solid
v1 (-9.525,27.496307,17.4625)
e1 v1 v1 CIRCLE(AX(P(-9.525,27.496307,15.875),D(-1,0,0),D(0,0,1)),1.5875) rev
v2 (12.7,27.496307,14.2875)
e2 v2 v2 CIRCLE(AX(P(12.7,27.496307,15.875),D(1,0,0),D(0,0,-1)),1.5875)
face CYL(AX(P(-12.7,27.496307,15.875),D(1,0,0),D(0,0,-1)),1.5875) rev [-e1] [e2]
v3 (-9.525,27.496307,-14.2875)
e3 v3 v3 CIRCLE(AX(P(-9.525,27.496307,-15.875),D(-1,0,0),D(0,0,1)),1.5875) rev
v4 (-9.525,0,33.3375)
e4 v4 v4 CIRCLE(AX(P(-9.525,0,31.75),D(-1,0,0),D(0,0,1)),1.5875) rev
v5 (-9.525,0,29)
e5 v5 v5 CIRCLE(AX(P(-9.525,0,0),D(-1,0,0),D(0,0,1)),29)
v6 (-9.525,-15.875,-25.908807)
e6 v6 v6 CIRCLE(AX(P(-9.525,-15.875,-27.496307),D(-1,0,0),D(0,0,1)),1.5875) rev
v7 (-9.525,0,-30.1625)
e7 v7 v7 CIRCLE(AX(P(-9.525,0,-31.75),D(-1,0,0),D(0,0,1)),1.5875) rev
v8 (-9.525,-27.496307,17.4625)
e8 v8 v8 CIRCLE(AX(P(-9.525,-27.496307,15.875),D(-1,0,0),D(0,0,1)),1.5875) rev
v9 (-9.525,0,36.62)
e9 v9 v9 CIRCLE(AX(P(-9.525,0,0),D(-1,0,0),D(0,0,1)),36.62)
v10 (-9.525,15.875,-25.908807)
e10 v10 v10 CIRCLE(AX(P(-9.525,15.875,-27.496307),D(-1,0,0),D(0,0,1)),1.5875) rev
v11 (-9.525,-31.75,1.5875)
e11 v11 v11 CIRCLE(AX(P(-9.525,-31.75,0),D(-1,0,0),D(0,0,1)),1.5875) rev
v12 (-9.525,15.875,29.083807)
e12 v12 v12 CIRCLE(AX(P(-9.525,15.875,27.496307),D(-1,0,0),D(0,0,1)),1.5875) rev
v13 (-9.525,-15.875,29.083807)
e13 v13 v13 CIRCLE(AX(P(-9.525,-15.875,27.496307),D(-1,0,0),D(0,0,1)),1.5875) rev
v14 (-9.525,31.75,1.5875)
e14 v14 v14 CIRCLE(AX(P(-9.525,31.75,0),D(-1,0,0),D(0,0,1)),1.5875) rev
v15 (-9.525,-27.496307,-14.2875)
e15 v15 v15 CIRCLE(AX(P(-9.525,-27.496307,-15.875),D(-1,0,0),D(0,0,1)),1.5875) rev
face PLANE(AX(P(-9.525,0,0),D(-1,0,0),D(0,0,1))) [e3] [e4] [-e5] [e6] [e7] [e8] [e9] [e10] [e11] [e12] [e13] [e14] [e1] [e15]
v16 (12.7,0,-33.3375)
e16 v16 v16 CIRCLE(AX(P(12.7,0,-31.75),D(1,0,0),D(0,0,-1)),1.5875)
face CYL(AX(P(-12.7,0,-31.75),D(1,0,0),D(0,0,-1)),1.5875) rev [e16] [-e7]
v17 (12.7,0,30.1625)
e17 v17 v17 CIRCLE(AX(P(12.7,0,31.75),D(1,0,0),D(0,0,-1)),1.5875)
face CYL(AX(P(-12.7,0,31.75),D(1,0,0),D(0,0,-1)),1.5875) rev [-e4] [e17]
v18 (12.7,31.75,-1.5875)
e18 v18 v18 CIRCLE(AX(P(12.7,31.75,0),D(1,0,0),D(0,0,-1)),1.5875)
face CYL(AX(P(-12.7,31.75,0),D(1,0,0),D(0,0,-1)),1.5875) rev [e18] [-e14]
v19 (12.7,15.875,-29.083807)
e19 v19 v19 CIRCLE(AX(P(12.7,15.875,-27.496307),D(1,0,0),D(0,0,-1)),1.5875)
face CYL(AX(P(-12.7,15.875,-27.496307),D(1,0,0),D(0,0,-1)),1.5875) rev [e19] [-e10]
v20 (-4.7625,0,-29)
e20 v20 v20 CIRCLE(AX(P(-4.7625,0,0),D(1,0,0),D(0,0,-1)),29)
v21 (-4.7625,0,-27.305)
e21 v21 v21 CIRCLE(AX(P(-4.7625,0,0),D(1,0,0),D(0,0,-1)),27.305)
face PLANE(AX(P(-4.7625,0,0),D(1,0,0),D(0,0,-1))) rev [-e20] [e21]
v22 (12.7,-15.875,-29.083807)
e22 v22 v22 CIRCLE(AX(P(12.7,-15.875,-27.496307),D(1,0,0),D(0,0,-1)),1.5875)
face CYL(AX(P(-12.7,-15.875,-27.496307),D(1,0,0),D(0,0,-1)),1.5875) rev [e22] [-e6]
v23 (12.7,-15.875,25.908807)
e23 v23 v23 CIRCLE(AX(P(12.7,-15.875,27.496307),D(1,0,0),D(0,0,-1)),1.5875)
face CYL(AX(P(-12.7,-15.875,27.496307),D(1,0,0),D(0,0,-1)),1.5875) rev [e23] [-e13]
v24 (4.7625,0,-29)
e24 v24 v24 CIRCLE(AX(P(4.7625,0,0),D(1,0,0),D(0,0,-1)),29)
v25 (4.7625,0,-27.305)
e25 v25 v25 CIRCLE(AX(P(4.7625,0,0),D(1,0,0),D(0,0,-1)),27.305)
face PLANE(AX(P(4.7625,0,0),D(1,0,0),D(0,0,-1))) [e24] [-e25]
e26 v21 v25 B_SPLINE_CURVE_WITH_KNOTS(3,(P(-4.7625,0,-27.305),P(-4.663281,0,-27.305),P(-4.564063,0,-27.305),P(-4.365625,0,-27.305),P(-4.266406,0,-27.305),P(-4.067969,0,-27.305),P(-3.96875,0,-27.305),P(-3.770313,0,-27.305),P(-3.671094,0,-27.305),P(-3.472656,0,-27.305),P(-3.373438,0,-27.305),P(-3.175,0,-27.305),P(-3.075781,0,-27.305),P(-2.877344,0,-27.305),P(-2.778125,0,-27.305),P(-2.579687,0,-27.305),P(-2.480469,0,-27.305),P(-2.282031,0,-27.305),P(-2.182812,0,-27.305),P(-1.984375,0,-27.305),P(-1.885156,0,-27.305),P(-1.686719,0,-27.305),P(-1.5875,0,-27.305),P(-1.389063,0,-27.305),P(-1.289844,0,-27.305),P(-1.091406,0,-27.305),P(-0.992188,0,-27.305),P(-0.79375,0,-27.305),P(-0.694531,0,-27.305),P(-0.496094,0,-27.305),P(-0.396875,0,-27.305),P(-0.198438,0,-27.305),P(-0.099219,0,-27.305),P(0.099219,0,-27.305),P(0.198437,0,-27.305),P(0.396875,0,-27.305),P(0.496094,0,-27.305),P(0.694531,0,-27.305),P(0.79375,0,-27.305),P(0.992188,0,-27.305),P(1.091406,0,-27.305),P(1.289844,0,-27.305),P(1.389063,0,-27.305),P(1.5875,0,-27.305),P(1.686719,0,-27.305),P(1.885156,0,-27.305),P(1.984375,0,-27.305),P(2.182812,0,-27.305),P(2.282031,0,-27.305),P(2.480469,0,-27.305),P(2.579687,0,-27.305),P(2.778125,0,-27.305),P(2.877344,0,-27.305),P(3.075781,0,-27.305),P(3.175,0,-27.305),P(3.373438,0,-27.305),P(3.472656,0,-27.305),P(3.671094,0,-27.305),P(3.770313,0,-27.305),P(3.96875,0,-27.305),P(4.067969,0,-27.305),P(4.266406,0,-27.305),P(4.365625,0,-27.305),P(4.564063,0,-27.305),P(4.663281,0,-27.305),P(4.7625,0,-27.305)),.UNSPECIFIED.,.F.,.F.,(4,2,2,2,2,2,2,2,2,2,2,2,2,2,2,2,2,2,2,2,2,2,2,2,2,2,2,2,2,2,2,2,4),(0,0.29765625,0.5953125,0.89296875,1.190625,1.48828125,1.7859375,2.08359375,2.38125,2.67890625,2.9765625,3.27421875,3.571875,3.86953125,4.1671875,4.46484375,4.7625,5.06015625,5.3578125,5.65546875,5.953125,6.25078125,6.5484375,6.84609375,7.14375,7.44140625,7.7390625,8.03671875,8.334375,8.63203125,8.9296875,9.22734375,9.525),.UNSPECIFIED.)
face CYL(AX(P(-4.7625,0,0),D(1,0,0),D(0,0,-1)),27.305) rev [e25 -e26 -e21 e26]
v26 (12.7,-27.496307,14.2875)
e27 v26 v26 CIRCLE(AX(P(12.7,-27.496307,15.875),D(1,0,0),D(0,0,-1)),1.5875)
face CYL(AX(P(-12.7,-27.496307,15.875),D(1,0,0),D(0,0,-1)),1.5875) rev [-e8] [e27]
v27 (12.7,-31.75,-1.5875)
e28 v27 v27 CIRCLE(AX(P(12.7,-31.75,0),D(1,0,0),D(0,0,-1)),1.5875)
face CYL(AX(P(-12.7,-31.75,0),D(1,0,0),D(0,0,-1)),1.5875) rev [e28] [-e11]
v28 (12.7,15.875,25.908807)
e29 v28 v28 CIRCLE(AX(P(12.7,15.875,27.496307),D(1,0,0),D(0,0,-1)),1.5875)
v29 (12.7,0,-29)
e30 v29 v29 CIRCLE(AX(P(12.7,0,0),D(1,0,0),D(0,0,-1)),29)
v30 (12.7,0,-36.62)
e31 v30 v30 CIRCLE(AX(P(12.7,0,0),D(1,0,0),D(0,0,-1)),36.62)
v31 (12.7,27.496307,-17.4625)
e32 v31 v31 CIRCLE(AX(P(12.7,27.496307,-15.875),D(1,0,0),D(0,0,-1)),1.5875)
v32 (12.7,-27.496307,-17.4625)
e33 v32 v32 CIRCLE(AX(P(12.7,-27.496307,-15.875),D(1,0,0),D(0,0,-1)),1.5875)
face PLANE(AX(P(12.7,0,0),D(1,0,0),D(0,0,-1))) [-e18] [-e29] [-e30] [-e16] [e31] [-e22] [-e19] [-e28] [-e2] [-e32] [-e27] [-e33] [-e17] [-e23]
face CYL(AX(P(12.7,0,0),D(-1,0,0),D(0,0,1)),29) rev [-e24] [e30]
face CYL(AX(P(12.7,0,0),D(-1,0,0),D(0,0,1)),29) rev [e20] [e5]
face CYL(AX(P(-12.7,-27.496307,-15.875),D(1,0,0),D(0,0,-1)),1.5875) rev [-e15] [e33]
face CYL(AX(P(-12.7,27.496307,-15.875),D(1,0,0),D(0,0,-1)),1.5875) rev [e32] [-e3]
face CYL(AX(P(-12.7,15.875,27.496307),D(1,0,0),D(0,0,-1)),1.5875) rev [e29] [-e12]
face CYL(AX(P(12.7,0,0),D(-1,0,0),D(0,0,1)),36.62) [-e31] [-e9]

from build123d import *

# Parameters (mm, degrees)
SKETCH2_R           = 36.62
SKETCH2_R_2         = 29
BOSS_EXTRUDE1_DEPTH = 12.7
BOSS_EXTRUDE2_START = -12.7
SKETCH4_R           = 36.62
SKETCH4_R_2         = 27.305
BOSS_EXTRUDE2_DEPTH = 4.7625
SKETCH5_R           = 1.5875
CUT_EXTRUDE2_DEPTH  = 58.681962519
SKETCH6_R           = 63.5
CUT_EXTRUDE3_DEPTH  = 3.175


with BuildPart() as part:
    # Sketch2 → Boss-Extrude1 (new, symmetric)
    with BuildSketch(Plane(origin=(0, 0, 0), x_dir=(0, 0, -1), z_dir=(1, 0, 0))):
        Circle(SKETCH2_R)
        Circle(SKETCH2_R_2, mode=Mode.SUBTRACT)
    extrude(amount=BOSS_EXTRUDE1_DEPTH, both=True)

    # Sketch4 → Boss-Extrude2 (add, symmetric)
    with BuildSketch(Plane.ZY.offset(12.7).offset(BOSS_EXTRUDE2_START)):
        with Locations(Location((0, 0, 0), (0, 0, 180))):
            Circle(SKETCH4_R)
        with Locations(Location((0, 0, 0), (0, 0, 180))):
            Circle(SKETCH4_R_2, mode=Mode.SUBTRACT)
    extrude(amount=BOSS_EXTRUDE2_DEPTH, both=True)

    # Sketch5 → Cut-Extrude2 (cut, through all)
    with BuildSketch(Plane(origin=(12.7, 0, 0), x_dir=(0, 0, -1), z_dir=(1, 0, 0))):
        with Locations((31.75, 0)):
            Circle(SKETCH5_R)
        with Locations((27.49630657, -15.875)):
            Circle(SKETCH5_R)
        with Locations((15.875, -27.49630657)):
            Circle(SKETCH5_R)
        with Locations((0, -31.75)):
            Circle(SKETCH5_R)
        with Locations((-15.875, -27.49630657)):
            Circle(SKETCH5_R)
        with Locations((-27.49630657, -15.875)):
            Circle(SKETCH5_R)
        with Locations((-31.75, 0)):
            Circle(SKETCH5_R)
        with Locations((-27.49630657, 15.875)):
            Circle(SKETCH5_R)
        with Locations((-15.875, 27.49630657)):
            Circle(SKETCH5_R)
        with Locations((0, 31.75)):
            Circle(SKETCH5_R)
        with Locations((15.875, 27.49630657)):
            Circle(SKETCH5_R)
        with Locations((27.49630657, 15.875)):
            Circle(SKETCH5_R)
    extrude(amount=-CUT_EXTRUDE2_DEPTH, mode=Mode.SUBTRACT)

    # Sketch6 → Cut-Extrude3 (cut)
    with BuildSketch(Plane.ZY.offset(12.7)):
        Circle(SKETCH6_R)
    extrude(amount=-CUT_EXTRUDE3_DEPTH, mode=Mode.SUBTRACT)


solid = part.part
